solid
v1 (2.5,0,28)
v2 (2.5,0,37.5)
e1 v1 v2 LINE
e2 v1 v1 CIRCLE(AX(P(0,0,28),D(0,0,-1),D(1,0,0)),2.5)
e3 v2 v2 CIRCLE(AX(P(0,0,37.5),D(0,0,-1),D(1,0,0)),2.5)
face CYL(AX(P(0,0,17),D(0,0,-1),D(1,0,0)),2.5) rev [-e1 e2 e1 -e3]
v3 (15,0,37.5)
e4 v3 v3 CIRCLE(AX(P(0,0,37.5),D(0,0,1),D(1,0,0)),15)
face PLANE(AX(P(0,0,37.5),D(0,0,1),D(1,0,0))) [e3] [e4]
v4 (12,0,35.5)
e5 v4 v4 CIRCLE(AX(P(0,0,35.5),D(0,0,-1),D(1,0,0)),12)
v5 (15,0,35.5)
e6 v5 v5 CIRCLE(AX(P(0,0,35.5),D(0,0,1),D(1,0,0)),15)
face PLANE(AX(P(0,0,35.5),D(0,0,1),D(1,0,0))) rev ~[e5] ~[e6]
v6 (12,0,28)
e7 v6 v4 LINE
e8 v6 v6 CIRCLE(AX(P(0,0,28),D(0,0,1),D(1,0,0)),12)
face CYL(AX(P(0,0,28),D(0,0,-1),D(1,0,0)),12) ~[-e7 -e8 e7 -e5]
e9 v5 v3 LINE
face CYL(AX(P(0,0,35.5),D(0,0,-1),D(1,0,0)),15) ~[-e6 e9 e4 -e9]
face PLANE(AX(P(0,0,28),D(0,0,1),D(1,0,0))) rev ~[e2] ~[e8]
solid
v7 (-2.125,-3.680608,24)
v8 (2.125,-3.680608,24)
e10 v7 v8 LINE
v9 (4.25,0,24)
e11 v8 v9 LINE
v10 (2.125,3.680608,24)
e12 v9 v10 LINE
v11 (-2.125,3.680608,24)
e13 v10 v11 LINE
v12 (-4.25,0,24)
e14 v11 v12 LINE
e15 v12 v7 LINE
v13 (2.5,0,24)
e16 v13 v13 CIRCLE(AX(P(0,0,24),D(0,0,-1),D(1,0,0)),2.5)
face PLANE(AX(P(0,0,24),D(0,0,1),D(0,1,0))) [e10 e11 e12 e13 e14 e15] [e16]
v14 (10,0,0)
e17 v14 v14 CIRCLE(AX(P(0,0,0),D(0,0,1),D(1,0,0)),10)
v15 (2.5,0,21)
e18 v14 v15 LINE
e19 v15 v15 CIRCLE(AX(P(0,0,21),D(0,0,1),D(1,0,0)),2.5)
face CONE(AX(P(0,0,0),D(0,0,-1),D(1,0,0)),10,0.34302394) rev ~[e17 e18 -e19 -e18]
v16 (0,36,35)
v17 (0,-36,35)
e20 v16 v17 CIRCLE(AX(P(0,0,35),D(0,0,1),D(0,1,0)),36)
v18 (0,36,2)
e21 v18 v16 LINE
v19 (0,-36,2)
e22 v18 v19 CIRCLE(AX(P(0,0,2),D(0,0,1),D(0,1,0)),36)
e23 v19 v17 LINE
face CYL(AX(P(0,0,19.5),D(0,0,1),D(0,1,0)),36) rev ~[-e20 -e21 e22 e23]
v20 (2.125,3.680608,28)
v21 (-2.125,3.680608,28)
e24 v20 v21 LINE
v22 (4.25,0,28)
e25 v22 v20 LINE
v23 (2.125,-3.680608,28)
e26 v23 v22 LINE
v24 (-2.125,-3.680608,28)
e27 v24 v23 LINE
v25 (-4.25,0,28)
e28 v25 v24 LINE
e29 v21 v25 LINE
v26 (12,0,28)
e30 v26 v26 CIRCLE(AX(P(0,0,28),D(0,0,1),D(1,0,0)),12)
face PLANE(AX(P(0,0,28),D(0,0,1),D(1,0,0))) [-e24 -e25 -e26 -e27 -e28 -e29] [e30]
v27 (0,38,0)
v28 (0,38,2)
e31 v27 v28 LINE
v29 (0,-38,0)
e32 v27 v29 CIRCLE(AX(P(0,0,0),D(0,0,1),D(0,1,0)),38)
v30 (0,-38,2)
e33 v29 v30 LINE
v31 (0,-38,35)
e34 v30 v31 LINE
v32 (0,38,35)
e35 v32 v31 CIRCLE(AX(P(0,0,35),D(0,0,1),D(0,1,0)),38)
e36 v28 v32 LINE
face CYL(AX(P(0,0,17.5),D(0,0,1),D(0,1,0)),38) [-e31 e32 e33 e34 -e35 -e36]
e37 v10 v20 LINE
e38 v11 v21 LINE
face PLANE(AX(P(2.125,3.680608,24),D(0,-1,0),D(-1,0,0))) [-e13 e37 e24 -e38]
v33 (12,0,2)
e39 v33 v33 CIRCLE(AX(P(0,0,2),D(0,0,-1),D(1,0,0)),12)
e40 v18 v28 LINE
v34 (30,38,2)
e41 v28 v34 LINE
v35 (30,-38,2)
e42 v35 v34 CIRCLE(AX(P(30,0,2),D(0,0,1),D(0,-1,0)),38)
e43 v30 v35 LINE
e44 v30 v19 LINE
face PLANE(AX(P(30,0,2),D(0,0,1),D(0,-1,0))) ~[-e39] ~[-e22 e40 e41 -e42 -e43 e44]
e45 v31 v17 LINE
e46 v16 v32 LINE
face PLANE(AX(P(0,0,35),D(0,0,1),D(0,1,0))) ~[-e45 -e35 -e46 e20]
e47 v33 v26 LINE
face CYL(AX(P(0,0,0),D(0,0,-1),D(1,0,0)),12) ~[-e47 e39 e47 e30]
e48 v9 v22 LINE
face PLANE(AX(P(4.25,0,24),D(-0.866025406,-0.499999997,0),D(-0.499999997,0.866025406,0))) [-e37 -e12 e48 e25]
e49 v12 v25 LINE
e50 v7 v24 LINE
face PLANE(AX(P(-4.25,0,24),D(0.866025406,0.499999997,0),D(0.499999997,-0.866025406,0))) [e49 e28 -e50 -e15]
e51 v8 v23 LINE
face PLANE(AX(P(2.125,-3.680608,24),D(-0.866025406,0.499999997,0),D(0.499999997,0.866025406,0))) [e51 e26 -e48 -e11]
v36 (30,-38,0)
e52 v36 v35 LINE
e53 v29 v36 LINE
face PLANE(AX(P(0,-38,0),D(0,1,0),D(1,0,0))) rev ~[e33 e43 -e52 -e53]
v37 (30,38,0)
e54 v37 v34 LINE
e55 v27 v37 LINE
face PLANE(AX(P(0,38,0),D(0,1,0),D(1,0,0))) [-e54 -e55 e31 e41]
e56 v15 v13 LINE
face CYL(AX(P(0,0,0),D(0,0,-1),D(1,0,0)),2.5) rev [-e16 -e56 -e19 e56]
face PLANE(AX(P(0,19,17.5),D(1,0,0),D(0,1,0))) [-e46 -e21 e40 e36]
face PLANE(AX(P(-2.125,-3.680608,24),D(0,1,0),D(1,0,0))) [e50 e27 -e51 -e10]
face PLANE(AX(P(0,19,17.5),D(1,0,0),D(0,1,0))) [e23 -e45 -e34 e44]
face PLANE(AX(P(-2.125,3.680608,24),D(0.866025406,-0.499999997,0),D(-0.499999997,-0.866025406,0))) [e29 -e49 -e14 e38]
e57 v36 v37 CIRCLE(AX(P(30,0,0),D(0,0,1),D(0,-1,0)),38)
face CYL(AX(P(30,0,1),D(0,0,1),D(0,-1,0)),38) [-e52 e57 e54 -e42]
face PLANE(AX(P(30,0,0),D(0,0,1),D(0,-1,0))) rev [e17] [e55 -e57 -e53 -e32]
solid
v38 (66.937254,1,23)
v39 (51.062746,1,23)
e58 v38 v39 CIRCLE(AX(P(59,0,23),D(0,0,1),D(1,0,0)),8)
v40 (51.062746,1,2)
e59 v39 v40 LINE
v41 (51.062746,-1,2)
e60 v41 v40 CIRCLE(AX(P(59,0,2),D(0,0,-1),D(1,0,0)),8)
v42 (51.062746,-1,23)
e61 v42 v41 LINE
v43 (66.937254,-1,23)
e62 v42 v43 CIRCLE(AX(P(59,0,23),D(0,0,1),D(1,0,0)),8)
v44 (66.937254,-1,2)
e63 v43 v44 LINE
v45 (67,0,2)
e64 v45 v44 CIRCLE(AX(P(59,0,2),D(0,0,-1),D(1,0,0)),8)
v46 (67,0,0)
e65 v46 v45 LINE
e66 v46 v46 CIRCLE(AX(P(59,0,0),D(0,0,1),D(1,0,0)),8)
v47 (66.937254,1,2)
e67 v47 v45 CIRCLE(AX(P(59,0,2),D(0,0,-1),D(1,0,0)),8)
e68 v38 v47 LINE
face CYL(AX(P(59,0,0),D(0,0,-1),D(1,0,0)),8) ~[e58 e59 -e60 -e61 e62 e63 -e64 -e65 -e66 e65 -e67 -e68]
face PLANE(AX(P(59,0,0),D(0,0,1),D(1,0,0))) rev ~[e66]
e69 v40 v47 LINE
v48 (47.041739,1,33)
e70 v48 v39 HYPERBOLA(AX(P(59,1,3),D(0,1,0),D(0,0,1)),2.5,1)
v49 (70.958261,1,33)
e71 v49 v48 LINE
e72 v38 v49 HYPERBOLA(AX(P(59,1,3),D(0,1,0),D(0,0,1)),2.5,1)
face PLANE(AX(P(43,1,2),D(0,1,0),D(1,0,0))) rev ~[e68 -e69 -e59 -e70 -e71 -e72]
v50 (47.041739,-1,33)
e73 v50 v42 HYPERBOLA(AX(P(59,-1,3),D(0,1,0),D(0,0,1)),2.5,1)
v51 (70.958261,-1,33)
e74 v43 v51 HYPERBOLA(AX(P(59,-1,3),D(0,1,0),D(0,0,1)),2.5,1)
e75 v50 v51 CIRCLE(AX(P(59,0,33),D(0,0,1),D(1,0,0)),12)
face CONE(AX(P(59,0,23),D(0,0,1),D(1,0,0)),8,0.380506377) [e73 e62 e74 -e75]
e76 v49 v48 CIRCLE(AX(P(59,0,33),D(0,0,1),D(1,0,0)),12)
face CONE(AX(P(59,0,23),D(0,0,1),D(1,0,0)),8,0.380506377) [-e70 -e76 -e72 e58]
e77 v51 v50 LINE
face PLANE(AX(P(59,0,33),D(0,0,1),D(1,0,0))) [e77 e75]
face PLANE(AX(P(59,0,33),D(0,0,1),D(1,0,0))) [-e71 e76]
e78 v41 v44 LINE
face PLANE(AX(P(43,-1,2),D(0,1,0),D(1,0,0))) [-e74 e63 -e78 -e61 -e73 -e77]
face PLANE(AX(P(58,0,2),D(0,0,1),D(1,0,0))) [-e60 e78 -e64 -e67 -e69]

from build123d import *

# Parameters (mm, degrees)
EXTRUDE_DEPTH     = 4
CYLINDER004_R     = 2.5
CYLINDER004_DEPTH = 30
BOX_W             = 30
BOX_H             = 76
BOX_DEPTH         = 2
CYLINDER003_W     = 36
CYLINDER003_H     = 35
CYLINDER003_ANGLE = 180
CYLINDER_W        = 38
CYLINDER_H        = 35
CYLINDER_ANGLE    = 180
CYLINDER005_W     = 38
CYLINDER005_H     = 2
CYLINDER005_ANGLE = 180
CYLINDER001_R     = 12
CYLINDER001_DEPTH = 28
BOX001_W          = 30
BOX001_H          = 2
BOX001_DEPTH      = 35
CYLINDER002_R     = 8
CYLINDER002_DEPTH = 32
CYLINDER007_R     = 2.5
CYLINDER007_DEPTH = 30
CYLINDER006_R     = 12
CYLINDER006_DEPTH = 9
CYLINDER008_R     = 15
CYLINDER008_DEPTH = 2


with BuildPart() as cone:
    # Cone → Cone (revolve)
    with BuildSketch(Plane.XZ):
        Polygon((0, 0), (10, 0), (2.5, 21), (0, 21), align=None)
    revolve(axis=Axis((0, 0, 0), (0, 0, 1)))


with BuildPart() as nut_extrude:
    # RegularPolygon → Extrude (new body)
    with BuildSketch(Plane(origin=(0, 0, 0), x_dir=(0, 1, 0), z_dir=(0, 0, 1))):
        Polygon((0, -4.25), (3.680608, -2.125), (3.680608, 2.125), (0, 4.25), (-3.680608, 2.125), (-3.680608, -2.125), align=None)
    extrude(amount=EXTRUDE_DEPTH)


with BuildPart() as nut_extrude_1:
    # Extrude placement: moved
    add(nut_extrude.part.moved(Location((0, 0, 24))))


with BuildPart() as central_hole_fusion:
    # Cylinder004 → Cylinder004 (new body)
    with BuildSketch(Plane.XY):
        Circle(CYLINDER004_R)
    extrude(amount=CYLINDER004_DEPTH)

    # Fusion: union Cone, nut extrude
    add(cone.part)
    add(nut_extrude_1.part)


with BuildPart() as bottom_cube:
    # Box → Box (new body)
    with BuildSketch(Plane(origin=(0, -38, 0), x_dir=(1, 0, 0), z_dir=(0, 0, 1))):
        with Locations((15, 38)):
            Rectangle(BOX_W, BOX_H)
    extrude(amount=BOX_DEPTH)


with BuildPart() as extraction_cylinder:
    # Cylinder003 → Cylinder003 (revolve)
    with BuildSketch(Plane(origin=(0, 0, 2), x_dir=(0, 1, 0), z_dir=(1, 0, 0))):
        with Locations((18, 17.5)):
            Rectangle(CYLINDER003_W, CYLINDER003_H)
    revolve(axis=Axis((0, 0, 2), (0, 0, 1)), revolution_arc=CYLINDER003_ANGLE)


with BuildPart() as outer_bottom_cylinder_cut:
    # Cylinder → Cylinder (revolve)
    with BuildSketch(Plane.YZ):
        with Locations((19, 17.5)):
            Rectangle(CYLINDER_W, CYLINDER_H)
    revolve(axis=Axis((0, 0, 0), (0, 0, 1)), revolution_arc=CYLINDER_ANGLE)

    # Cut: cut extraction cylinder
    add(extraction_cylinder.part, mode=Mode.SUBTRACT)


with BuildPart() as other_side_cylinder:
    # Cylinder005 → Cylinder005 (revolve)
    with BuildSketch(Plane(origin=(30, 0, 0), x_dir=(0, -1, 0), z_dir=(-1, 0, 0))):
        with Locations((19, 1)):
            Rectangle(CYLINDER005_W, CYLINDER005_H)
    revolve(axis=Axis((30, 0, 0), (0, 0, 1)), revolution_arc=CYLINDER005_ANGLE)


with BuildPart() as drum_cut:
    # Cylinder001 → Cylinder001 (new body)
    with BuildSketch(Plane.XY):
        Circle(CYLINDER001_R)
    extrude(amount=CYLINDER001_DEPTH)

    # Fusion001: union bottom cube, outer bottom cylinder cut, other side cylinder
    add(bottom_cube.part)
    add(outer_bottom_cylinder_cut.part)
    add(other_side_cylinder.part)

    # Cut001: cut central hole fusion
    add(central_hole_fusion.part, mode=Mode.SUBTRACT)


with BuildPart() as cut_cube:
    # Box001 → Box001 (new body)
    with BuildSketch(Plane(origin=(43, -1, 2), x_dir=(1, 0, 0), z_dir=(0, 0, 1))):
        with Locations((15, 1)):
            Rectangle(BOX001_W, BOX001_H)
    extrude(amount=BOX001_DEPTH)


with BuildPart() as other_wire_cylinder:
    # Cylinder002 → Cylinder002 (new body)
    with BuildSketch(Plane(origin=(59, 0, 0), x_dir=(1, 0, 0), z_dir=(0, 0, 1))):
        Circle(CYLINDER002_R)
    extrude(amount=CYLINDER002_DEPTH)


with BuildPart() as other_wire_cut:
    # Cone001 → Cone001 (revolve)
    with BuildSketch(Plane(origin=(59, 0, 23), x_dir=(1, 0, 0), z_dir=(0, -1, 0))):
        Polygon((0, 0), (8, 0), (12, 10), (0, 10), align=None)
    revolve(axis=Axis((59, 0, 23), (0, 0, 1)))

    # Fusion002: union other wire cylinder
    add(other_wire_cylinder.part)

    # Cut002: cut cut cube
    add(cut_cube.part, mode=Mode.SUBTRACT)


with BuildPart() as top_center_hole:
    # Cylinder007 → Cylinder007 (new body)
    with BuildSketch(Plane.XY.offset(17)):
        Circle(CYLINDER007_R)
    extrude(amount=CYLINDER007_DEPTH)


with BuildPart() as top_center_cylinder:
    # Cylinder006 → Cylinder006 (new body)
    with BuildSketch(Plane.XY.offset(28)):
        Circle(CYLINDER006_R)
    extrude(amount=CYLINDER006_DEPTH)


with BuildPart() as top_part_cut:
    # Cylinder008 → Cylinder008 (new body)
    with BuildSketch(Plane.XY.offset(35.5)):
        Circle(CYLINDER008_R)
    extrude(amount=CYLINDER008_DEPTH)

    # Fusion003: union top center cylinder
    add(top_center_cylinder.part)

    # Cut003: cut top center hole
    add(top_center_hole.part, mode=Mode.SUBTRACT)


solid = Compound([drum_cut.part, other_wire_cut.part, top_part_cut.part])
